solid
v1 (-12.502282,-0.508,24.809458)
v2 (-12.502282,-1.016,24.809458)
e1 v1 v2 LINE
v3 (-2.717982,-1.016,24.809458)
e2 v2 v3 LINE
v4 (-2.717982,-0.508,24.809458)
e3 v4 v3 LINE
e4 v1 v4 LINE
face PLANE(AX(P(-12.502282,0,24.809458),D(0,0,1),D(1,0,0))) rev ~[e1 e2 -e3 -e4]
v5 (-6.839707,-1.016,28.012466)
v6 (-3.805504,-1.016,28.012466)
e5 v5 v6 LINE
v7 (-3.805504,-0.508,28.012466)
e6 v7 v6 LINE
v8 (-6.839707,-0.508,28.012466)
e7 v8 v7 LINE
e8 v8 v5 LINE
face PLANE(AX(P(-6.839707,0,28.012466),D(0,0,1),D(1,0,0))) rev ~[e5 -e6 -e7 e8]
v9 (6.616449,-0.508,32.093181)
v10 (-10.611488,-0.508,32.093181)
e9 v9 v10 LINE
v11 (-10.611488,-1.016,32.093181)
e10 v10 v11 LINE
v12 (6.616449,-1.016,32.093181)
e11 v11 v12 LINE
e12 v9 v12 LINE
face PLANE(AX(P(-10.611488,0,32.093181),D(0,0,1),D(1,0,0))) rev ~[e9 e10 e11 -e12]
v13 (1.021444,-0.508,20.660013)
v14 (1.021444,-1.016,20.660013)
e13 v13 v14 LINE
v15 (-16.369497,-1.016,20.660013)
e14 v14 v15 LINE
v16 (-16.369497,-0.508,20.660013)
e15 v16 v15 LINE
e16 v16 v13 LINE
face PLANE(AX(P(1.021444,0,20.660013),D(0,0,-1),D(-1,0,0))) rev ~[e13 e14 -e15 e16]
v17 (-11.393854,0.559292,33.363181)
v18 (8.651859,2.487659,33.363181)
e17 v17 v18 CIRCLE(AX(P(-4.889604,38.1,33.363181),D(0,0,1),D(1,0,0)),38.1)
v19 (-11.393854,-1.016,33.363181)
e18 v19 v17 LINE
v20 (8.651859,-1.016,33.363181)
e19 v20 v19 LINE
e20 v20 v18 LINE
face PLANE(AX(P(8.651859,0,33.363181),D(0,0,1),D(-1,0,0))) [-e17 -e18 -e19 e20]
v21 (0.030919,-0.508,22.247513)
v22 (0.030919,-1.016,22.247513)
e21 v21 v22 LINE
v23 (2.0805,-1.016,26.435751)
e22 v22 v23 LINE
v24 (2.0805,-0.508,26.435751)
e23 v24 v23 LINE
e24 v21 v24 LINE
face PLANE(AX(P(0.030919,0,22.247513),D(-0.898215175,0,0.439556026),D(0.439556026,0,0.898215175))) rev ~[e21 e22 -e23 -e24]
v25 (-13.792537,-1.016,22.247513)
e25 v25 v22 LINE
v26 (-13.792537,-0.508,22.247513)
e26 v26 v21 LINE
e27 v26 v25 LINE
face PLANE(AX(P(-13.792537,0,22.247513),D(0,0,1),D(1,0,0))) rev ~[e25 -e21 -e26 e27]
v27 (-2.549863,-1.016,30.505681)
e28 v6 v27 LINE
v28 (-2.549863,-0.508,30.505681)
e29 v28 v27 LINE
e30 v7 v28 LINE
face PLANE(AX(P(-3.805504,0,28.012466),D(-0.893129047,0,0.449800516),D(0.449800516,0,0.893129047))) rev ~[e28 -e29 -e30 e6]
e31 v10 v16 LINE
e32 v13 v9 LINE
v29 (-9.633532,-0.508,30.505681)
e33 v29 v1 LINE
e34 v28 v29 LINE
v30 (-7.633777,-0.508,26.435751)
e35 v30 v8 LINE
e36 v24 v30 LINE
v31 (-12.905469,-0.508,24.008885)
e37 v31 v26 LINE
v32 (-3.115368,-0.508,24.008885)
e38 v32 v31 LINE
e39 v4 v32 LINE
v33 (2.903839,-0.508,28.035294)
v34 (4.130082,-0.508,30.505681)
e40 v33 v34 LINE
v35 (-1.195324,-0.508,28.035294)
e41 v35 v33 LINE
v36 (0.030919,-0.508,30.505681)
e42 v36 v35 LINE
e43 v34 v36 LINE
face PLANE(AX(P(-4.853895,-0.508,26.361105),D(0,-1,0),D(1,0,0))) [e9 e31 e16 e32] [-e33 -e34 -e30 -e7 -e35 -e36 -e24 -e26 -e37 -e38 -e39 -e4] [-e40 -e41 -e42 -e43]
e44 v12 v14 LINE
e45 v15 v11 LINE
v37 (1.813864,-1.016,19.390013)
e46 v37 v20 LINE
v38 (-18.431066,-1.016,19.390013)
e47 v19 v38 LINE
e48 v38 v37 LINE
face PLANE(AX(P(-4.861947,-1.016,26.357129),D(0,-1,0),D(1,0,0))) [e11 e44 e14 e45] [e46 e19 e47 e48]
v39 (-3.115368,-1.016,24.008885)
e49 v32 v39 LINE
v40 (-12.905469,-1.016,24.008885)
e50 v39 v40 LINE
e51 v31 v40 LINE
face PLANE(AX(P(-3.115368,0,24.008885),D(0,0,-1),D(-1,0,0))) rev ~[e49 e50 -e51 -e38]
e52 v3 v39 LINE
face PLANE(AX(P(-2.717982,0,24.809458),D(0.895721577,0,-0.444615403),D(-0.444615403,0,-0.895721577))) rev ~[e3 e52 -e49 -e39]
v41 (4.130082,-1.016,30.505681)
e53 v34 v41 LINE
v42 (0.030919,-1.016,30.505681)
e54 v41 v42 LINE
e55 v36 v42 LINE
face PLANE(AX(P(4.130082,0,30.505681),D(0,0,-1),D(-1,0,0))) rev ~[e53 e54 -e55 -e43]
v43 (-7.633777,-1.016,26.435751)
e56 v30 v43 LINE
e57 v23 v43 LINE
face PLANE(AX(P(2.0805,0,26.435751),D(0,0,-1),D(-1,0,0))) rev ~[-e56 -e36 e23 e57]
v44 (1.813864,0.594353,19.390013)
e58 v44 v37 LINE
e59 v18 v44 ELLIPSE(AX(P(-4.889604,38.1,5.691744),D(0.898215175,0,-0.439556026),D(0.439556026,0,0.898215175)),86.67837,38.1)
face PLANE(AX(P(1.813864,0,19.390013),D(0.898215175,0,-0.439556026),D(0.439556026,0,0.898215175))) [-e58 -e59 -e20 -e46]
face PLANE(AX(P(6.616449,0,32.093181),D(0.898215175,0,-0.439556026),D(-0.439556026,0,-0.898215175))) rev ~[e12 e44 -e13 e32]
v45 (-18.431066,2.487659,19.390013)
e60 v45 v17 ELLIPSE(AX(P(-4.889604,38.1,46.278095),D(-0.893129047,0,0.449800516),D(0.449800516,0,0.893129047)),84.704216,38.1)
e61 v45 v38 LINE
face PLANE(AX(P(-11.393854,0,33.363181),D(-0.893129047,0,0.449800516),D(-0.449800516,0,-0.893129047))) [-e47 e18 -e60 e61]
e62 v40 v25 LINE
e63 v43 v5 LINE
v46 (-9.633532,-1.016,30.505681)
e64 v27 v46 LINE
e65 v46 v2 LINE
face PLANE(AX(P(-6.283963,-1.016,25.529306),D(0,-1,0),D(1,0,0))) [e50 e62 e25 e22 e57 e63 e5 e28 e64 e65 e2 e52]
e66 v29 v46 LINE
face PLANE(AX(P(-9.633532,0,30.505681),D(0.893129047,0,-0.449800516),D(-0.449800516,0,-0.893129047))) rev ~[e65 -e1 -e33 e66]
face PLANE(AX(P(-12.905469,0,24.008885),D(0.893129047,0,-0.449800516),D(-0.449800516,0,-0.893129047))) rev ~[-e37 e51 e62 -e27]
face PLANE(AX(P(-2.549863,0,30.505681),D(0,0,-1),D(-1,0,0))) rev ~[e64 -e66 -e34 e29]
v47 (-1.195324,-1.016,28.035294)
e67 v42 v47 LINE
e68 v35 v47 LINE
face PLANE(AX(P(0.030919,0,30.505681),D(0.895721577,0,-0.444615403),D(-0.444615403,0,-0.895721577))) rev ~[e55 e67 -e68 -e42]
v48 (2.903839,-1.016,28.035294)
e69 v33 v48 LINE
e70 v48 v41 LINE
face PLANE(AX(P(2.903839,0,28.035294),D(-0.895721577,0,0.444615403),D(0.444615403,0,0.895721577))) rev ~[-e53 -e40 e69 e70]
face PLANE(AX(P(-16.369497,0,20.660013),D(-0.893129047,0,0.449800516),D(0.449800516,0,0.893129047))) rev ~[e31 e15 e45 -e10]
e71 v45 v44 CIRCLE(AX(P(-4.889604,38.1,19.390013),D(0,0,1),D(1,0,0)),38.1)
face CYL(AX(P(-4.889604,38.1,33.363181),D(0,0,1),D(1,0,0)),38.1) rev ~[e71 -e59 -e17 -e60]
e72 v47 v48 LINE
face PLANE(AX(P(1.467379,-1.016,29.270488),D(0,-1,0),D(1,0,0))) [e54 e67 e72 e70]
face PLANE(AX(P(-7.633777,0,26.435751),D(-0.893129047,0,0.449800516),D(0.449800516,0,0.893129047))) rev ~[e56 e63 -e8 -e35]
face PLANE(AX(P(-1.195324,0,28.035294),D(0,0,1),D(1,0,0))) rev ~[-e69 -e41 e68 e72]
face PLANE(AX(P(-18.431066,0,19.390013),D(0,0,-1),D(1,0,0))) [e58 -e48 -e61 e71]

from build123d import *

# Parameters (mm, degrees)
F3_DEPTH  = 2.032
F4_DEPTH  = 1.016
F5_DEPTH  = 2.032
F6_SCALE  = 0.5
F7_DEPTH  = 12.7
F10_DEPTH = 25.4


with BuildPart() as f3:
    # F0 (on Front) → F3 (new body)
    with BuildSketch(Plane.XZ):
        Polygon((1.7399819335, 32.9988971353), (-12.4273560941, 32.9988971353), (-18.1648561832, 21.6064513681), (1.4037427613, 21.6064513681), (0.6089702947, 20.0053038526), (-18.9712312321, 20.0053038526), (-20.7453668118, 16.4825599641), (6.9015445188, 16.4825599641), (11.0007077456, 24.8590362167), (-8.4278472578, 24.8590362167), (-6.8397070281, 28.0124656121), (-0.7713007088, 28.0124656121), align=None)
    extrude(amount=F3_DEPTH)


with BuildPart() as f3b:
    # F0 (on Front) → F3, piece 2 (new body)
    with BuildSketch(Plane.XZ):
        Polygon((15.0998709723, 32.9988971353), (6.9015445188, 32.9988971353), (4.449058262, 28.0581217034), (12.6473847156, 28.0581217034), align=None)
    extrude(amount=F3_DEPTH)


with BuildPart() as f4:
    # F1 (on Front) → F4 (new body)
    with BuildSketch(Plane.XZ):
        Polygon((-14.3832698171, 36.1738971353), (-25.8992879083, 13.3075599641), (8.8825950149, 13.3075599641), (20.0726044695, 36.1738971353), align=None)
    extrude(amount=F4_DEPTH)

    # F2 (on Front) → F5 (join)
    with BuildSketch(Plane.XZ):
        Polygon((-15.9480007955, 38.7138971353), (-30.0224247855, 10.7675599641), (10.4674354118, 10.7675599641), (24.1434244793, 38.7138971353), align=None)
        Polygon((20.0726044695, 36.1738971353), (8.8825950149, 13.3075599641), (-25.8992879083, 13.3075599641), (-14.3832698171, 36.1738971353), align=None, mode=Mode.SUBTRACT)
    extrude(amount=F5_DEPTH)


with BuildPart() as f4_1:
    # F6: moved
    add(f4.part.scale(F6_SCALE).moved(Location((-3.4198535141, 0, 14.0062328061))))


with BuildPart() as f3_1:
    # F6: moved
    add(f3.part.scale(F6_SCALE).moved(Location((-3.4198535141, 0, 14.0062328061))))

    # F7 (add): a face of the model
    f7_faces = [f4_1.part.faces().sort_by_distance(p)[0] for p in [
        (-4.8455163994, 0, 26.3650820037),
    ]]


with BuildPart() as f3b_1:
    # F6: moved
    add(f3b.part.scale(F6_SCALE).moved(Location((-3.4198535141, 0, 14.0062328061))))


with BuildPart() as f3_2:
    add(f3_1.part)

    add(f3b_1.part)  # F7 merges F3b

    add(f4_1.part)  # F7 merges F4
    extrude(f7_faces, amount=F7_DEPTH)

    # F9 (on face) → F10 (cut)
    with BuildSketch(Plane.XY.offset(33.3631813737)):
        with BuildLine():
            ThreePointArc((-4.8896035063, 0), (22.0511648024, 11.1592316666), (33.2103964094, 38.1))
            ThreePointArc((33.2103964094, 38.1), (-31.8303719836, 65.0407683334), (-4.8896035063, 0))
        make_face()
    extrude(amount=-F10_DEPTH, mode=Mode.SUBTRACT)


solid = f3_2.part
